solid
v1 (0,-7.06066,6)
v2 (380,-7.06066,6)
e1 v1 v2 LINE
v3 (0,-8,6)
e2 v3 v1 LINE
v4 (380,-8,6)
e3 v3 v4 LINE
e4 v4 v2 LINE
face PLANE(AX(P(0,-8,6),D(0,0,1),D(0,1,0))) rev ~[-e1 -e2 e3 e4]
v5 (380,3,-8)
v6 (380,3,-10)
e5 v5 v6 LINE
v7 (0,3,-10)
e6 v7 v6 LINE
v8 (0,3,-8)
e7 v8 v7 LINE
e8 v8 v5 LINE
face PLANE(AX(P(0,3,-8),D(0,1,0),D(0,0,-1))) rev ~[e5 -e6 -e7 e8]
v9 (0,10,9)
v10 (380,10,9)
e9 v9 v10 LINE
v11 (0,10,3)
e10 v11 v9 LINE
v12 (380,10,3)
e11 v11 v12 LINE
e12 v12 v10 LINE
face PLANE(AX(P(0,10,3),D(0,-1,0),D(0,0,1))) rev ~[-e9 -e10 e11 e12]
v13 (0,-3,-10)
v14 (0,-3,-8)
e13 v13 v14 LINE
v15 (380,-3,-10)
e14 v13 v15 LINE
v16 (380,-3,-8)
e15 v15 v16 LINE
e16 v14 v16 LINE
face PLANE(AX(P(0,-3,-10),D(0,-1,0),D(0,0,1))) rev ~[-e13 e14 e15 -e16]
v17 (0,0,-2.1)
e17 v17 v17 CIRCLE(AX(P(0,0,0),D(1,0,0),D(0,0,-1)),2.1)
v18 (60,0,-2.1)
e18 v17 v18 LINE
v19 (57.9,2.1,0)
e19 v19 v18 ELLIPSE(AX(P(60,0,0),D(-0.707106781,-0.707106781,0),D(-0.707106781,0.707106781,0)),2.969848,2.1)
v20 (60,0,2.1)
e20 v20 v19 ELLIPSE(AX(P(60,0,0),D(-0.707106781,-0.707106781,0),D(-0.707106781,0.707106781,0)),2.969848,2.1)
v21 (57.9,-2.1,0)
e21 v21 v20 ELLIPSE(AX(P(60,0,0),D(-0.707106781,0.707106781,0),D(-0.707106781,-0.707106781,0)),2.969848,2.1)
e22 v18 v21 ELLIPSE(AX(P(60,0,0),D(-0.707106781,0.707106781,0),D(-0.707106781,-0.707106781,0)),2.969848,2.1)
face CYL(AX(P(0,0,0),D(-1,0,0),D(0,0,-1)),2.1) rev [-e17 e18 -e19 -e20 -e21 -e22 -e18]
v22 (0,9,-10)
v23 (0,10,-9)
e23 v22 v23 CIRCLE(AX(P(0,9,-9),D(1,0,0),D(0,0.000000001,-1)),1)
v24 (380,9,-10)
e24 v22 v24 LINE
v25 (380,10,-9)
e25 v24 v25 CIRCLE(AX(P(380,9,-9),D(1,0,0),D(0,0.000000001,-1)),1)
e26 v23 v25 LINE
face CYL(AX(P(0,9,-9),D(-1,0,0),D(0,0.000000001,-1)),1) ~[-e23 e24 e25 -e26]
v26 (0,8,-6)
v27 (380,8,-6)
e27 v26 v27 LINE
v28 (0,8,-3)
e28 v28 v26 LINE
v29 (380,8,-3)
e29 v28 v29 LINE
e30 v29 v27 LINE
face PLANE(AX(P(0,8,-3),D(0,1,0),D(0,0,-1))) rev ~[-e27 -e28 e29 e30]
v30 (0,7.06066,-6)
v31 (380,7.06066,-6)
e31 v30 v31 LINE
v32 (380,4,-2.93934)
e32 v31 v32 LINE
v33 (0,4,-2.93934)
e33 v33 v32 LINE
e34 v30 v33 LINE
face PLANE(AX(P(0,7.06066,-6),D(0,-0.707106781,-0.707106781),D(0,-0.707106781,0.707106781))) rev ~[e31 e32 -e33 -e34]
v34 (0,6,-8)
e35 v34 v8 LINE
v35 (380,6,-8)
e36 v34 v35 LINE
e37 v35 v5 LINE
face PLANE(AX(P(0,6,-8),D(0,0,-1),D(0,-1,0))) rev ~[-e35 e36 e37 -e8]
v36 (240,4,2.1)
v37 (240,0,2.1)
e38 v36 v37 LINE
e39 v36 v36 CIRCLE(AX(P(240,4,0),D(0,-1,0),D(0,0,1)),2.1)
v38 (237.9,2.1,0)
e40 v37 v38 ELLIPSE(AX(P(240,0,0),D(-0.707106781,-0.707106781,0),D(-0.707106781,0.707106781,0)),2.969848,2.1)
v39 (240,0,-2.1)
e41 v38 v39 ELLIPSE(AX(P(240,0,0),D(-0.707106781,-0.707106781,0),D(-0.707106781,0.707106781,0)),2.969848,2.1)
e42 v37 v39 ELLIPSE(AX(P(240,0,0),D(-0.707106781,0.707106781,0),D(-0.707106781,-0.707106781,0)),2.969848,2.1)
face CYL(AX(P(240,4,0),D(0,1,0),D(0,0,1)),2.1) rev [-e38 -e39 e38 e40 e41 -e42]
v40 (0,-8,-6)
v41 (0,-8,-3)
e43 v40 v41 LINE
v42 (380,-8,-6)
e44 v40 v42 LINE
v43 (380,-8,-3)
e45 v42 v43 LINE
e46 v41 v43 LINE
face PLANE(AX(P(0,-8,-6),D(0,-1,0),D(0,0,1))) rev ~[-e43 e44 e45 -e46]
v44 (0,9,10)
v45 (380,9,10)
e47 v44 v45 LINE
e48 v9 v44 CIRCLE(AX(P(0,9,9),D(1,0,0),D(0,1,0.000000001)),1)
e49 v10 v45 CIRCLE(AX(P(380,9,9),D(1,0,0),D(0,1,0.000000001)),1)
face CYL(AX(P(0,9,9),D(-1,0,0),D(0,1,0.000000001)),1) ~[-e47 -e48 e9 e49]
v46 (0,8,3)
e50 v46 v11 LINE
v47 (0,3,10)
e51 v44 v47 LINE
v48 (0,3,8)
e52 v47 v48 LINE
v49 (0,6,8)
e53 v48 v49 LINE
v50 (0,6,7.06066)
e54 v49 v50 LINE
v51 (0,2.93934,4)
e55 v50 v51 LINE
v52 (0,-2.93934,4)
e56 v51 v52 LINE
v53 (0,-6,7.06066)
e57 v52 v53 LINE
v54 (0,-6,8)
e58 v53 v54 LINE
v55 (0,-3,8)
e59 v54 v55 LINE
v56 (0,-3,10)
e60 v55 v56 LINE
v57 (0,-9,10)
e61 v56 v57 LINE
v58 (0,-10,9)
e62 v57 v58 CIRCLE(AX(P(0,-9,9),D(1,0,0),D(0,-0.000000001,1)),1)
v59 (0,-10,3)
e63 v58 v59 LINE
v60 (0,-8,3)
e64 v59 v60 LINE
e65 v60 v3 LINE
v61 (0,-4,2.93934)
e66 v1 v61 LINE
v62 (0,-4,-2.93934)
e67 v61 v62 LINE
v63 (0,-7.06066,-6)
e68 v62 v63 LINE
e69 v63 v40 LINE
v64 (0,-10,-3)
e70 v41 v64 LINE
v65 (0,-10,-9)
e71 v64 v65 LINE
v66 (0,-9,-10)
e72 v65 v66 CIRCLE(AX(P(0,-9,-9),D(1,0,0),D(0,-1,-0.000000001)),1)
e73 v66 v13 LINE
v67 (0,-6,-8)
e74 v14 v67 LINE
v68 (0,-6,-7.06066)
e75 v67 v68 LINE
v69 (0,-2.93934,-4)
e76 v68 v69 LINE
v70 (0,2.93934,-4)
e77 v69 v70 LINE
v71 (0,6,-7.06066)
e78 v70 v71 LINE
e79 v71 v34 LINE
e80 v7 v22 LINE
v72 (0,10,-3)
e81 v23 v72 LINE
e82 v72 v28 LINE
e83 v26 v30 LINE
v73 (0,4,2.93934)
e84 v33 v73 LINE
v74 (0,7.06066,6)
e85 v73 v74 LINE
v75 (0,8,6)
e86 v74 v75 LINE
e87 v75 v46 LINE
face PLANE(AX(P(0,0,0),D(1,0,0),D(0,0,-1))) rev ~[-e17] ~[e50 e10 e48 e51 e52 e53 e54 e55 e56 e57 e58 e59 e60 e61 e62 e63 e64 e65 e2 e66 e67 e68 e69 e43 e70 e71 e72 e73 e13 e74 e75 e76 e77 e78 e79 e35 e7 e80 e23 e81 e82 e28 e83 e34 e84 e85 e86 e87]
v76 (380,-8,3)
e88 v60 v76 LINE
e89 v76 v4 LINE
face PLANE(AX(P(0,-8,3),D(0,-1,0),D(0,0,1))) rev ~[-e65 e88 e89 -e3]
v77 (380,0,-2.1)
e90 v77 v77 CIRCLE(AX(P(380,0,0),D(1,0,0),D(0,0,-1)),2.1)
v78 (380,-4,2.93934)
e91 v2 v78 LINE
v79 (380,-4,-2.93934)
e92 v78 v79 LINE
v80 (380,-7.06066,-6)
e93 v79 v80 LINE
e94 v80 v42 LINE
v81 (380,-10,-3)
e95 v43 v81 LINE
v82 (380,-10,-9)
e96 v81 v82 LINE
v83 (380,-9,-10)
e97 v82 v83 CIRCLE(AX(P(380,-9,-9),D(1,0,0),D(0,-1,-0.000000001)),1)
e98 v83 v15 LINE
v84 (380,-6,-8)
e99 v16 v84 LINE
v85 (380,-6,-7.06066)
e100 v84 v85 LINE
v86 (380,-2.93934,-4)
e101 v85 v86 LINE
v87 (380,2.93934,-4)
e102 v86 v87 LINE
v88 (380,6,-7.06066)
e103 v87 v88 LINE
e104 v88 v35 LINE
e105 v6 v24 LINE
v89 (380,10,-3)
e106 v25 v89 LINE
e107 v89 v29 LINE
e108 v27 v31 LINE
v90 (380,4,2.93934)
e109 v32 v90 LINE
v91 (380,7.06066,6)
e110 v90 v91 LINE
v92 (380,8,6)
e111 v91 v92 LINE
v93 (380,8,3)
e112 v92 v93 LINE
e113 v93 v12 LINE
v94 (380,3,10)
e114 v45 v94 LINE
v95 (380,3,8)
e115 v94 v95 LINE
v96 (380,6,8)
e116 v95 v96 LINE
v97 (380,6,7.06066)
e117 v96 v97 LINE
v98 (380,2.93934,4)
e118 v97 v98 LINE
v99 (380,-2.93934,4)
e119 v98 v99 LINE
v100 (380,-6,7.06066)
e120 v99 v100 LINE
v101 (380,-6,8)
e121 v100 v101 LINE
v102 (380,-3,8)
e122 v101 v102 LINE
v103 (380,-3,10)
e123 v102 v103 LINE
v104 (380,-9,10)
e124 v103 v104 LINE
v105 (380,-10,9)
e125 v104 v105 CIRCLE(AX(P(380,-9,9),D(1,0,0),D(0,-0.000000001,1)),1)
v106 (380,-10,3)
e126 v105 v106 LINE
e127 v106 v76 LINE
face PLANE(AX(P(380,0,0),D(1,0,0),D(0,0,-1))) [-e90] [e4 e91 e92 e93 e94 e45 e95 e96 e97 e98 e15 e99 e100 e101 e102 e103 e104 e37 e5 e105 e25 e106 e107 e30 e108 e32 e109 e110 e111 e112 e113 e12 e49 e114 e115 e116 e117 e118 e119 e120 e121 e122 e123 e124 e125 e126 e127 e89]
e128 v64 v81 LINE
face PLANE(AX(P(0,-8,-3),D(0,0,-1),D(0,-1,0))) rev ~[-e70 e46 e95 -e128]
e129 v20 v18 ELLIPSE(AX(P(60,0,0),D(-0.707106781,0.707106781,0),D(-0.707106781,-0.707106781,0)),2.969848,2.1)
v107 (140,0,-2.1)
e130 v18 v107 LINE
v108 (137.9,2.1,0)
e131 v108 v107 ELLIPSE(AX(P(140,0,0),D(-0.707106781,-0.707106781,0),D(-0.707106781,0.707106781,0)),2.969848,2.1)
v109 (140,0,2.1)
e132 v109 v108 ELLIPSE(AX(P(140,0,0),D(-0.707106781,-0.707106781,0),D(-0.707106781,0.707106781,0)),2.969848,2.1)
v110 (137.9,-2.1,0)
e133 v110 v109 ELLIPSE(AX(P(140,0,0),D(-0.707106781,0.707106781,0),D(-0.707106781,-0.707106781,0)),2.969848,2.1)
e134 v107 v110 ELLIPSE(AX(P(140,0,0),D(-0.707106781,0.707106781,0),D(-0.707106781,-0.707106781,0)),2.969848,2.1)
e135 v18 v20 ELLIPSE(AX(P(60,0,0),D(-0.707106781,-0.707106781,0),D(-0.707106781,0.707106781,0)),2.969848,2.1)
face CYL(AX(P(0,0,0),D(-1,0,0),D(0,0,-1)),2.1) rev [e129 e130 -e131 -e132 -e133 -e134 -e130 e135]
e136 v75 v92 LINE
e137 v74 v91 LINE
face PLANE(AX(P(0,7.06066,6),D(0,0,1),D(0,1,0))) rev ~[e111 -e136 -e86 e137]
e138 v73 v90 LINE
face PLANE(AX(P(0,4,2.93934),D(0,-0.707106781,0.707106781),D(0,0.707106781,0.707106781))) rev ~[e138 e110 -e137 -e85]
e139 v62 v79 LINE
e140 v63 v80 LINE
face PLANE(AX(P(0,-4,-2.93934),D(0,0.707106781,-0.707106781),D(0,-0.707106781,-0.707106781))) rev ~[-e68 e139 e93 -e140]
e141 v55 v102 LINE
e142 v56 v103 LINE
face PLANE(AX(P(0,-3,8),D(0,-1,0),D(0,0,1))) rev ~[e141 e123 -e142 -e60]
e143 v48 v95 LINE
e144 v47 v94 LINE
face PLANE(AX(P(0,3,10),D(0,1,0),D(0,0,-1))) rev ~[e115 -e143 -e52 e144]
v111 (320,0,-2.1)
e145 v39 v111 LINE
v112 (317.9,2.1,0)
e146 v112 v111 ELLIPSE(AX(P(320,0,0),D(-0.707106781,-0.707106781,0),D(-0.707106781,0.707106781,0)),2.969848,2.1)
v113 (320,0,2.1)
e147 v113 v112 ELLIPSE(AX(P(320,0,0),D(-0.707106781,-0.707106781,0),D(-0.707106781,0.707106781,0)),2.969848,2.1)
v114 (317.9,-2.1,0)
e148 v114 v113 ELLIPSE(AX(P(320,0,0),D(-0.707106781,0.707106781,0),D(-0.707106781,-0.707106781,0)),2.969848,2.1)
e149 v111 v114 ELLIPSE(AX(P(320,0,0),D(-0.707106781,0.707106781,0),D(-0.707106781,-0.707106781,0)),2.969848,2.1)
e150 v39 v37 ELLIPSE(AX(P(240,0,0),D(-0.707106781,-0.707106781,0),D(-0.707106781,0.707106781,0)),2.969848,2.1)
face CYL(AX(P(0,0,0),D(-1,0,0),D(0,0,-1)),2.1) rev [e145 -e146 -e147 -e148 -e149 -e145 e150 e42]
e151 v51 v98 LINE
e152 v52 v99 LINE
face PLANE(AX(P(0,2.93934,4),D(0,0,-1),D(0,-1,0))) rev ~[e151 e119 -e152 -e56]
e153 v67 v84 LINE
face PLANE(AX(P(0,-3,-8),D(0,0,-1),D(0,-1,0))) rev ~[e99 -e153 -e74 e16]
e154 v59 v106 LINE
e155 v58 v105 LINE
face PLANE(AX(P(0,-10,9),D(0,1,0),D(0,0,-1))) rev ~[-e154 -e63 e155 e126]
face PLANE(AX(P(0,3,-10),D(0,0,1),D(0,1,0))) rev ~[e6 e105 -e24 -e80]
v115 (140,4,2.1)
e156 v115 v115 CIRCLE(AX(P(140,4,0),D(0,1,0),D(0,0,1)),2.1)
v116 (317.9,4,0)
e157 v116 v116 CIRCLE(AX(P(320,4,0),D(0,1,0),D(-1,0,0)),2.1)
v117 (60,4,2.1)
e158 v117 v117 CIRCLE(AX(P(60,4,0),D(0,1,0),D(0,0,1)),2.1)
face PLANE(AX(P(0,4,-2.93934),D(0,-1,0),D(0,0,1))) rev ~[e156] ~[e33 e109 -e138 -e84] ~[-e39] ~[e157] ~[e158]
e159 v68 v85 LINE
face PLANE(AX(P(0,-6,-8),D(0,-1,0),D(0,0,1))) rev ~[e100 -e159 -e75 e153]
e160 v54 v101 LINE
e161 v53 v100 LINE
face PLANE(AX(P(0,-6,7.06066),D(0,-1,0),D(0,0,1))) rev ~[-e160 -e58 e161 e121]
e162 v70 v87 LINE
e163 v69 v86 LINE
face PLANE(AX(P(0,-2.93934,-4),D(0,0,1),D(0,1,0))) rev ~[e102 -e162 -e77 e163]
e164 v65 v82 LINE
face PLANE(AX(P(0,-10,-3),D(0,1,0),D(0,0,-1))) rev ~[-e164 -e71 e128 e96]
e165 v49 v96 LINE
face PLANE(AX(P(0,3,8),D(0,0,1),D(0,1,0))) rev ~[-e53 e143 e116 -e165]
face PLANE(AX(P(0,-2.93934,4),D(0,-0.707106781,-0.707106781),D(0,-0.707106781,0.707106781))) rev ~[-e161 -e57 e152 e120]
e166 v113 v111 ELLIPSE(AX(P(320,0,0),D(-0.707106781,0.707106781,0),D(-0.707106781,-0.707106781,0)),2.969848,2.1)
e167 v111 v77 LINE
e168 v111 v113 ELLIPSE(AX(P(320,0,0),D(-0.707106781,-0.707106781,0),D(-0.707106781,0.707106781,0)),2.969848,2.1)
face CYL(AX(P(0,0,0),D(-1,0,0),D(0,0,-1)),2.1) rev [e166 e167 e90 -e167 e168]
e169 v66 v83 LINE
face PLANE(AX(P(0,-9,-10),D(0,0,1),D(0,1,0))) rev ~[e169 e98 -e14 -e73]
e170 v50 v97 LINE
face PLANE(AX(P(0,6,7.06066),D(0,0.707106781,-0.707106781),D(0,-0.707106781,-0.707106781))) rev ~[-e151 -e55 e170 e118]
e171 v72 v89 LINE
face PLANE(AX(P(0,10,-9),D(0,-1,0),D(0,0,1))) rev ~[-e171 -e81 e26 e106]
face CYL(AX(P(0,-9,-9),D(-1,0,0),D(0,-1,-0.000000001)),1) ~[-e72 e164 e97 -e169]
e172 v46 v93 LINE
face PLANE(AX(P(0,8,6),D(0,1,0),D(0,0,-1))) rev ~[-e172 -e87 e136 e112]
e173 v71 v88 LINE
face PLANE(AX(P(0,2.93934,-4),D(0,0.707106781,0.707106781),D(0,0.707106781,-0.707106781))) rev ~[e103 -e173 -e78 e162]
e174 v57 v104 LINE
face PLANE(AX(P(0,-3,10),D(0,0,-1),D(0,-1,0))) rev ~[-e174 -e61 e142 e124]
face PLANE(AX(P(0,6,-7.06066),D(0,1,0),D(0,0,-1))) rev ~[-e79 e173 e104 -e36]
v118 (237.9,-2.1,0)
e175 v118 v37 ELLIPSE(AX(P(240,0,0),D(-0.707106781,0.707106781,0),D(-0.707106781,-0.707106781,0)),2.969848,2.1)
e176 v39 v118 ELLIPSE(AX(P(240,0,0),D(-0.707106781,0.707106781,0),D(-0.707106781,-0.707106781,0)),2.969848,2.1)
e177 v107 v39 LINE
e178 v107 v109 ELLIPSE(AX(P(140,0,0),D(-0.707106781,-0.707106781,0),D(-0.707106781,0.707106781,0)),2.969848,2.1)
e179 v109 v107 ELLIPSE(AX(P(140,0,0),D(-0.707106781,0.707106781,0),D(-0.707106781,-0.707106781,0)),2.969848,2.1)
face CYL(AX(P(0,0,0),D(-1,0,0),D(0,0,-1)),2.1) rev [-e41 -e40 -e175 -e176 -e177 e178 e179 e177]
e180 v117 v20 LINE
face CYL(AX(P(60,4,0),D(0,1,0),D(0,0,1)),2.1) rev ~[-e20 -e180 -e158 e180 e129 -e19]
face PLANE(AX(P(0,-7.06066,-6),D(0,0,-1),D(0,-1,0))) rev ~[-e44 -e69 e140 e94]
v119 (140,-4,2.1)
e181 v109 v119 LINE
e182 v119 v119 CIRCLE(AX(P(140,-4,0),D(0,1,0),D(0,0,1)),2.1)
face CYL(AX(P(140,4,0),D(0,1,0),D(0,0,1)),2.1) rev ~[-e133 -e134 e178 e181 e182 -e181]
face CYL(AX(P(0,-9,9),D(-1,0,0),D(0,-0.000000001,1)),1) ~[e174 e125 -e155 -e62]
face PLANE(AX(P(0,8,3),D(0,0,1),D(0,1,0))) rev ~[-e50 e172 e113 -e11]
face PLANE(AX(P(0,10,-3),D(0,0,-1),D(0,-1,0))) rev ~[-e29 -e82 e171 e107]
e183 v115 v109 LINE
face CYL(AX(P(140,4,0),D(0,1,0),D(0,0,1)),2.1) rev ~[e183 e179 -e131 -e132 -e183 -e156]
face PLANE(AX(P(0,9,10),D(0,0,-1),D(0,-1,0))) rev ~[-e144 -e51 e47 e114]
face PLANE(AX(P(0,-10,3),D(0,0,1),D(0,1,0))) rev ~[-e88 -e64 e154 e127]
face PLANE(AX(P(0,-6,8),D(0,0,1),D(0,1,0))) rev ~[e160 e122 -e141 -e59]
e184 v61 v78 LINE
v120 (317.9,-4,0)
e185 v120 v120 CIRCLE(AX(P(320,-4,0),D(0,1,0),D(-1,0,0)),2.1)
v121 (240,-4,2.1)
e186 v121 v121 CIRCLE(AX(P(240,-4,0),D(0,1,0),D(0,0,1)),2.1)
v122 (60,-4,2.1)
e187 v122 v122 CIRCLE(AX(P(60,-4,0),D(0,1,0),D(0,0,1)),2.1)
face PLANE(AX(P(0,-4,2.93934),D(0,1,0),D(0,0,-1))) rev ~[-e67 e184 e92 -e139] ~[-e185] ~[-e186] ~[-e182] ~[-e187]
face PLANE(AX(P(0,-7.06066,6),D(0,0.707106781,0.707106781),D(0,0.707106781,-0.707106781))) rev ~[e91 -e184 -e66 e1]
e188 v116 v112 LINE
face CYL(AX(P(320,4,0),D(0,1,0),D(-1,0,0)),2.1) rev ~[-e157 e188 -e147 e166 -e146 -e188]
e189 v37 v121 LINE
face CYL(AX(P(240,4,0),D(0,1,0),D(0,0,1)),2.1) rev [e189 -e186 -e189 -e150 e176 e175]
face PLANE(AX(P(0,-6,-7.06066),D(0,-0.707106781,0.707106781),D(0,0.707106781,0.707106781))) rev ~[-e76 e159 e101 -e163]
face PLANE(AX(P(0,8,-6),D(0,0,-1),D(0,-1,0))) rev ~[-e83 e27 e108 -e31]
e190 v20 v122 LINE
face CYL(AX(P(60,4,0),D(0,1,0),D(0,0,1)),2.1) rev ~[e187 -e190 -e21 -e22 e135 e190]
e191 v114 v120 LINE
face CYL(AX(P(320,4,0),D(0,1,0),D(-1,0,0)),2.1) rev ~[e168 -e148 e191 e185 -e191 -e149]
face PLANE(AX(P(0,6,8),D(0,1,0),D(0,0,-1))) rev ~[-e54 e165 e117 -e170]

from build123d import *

# Parameters (mm, degrees)
SKETCH1_R                = 2.1
BOSS_EXTRUDE1_DEPTH      = 380
SKETCH_1_R               = 2.1
CUT_EXTRUDE_1_DEPTH      = 381.389274297
PATTERN_LINEAR_1_COUNT   = 2
PATTERN_LINEAR_1_PITCH   = 80
MIRROR_2_COPY_1_SKETCH_R = 2.1
MIRROR_2_COPY_1_DEPTH    = 381.389274297
MIRROR_2_COPY_2_SKETCH_R = 2.1
MIRROR_2_COPY_2_DEPTH    = 381.389274297


with BuildPart() as part:
    # Sketch1 → Boss-Extrude1 (new body)
    with BuildSketch(Plane(origin=(0, 0, 0), x_dir=(0, 0, -1), z_dir=(1, 0, 0))):
        with BuildLine():
            Line((-10, 9), (-10, 3))
            Line((-10, 3), (-8, 3))
            Line((-8, 3), (-8, 6))
            Line((-8, 6), (-7.060660172, 6))
            Line((-7.060660172, 6), (-4, 2.939339828))
            Line((-4, 2.939339828), (-4, -2.939339828))
            Line((-4, -2.939339828), (-7.060660172, -6))
            Line((-7.060660172, -6), (-8, -6))
            Line((-8, -6), (-8, -3))
            Line((-8, -3), (-10, -3))
            Line((-10, -3), (-10, -9))
            ThreePointArc((-10, -9), (-9.707106781, -9.707106781), (-9, -10))
            Line((-9, -10), (-3, -10))
            Line((-3, -10), (-3, -8))
            Line((-3, -8), (-6, -8))
            Line((-6, -8), (-6, -7.060660172))
            Line((-6, -7.060660172), (-2.939339828, -4))
            Line((-2.939339828, -4), (2.939339828, -4))
            Line((2.939339828, -4), (6, -7.060660172))
            Line((6, -7.060660172), (6, -8))
            Line((6, -8), (3, -8))
            Line((3, -8), (3, -10))
            Line((3, -10), (9, -10))
            ThreePointArc((9, -10), (9.707106781, -9.707106781), (10, -9))
            Line((10, -9), (10, -3))
            Line((10, -3), (8, -3))
            Line((8, -3), (8, -6))
            Line((8, -6), (7.060660172, -6))
            Line((7.060660172, -6), (4, -2.939339828))
            Line((4, -2.939339828), (4, 2.939339828))
            Line((4, 2.939339828), (7.060660172, 6))
            Line((7.060660172, 6), (8, 6))
            Line((8, 6), (8, 3))
            Line((8, 3), (10, 3))
            Line((10, 3), (10, 9))
            ThreePointArc((10, 9), (9.707106781, 9.707106781), (9, 10))
            Line((9, 10), (3, 10))
            Line((3, 10), (3, 8))
            Line((3, 8), (6, 8))
            Line((6, 8), (6, 7.060660172))
            Line((6, 7.060660172), (2.939339828, 4))
            Line((2.939339828, 4), (-2.939339828, 4))
            Line((-2.939339828, 4), (-6, 7.060660172))
            Line((-6, 7.060660172), (-6, 8))
            Line((-6, 8), (-3, 8))
            Line((-3, 8), (-3, 10))
            Line((-3, 10), (-9, 10))
            ThreePointArc((-9, 10), (-9.707106781, 9.707106781), (-10, 9))
        make_face()
        Circle(SKETCH1_R, mode=Mode.SUBTRACT)
    extrude(amount=BOSS_EXTRUDE1_DEPTH)

    # 草图1 → 切除-拉伸1 (cut, through all)
    with BuildSketch(Plane(origin=(0, 4, 0), x_dir=(1, 0, 0), z_dir=(0, 1, 0))):
        with Locations((140, 0)):
            Circle(SKETCH_1_R)
    cut_extrude_1 = extrude(amount=-CUT_EXTRUDE_1_DEPTH, mode=Mode.SUBTRACT)

    # 阵列(线性)1: 切除-拉伸1 ×2
    with Locations(*[(-i * PATTERN_LINEAR_1_PITCH, 0, 0) for i in range(1, PATTERN_LINEAR_1_COUNT)]):
        add(cut_extrude_1, mode=Mode.SUBTRACT)

    # 镜向2 copy 1 sketch → 镜向2 copy 1 (cut, through all)
    with BuildSketch(Plane(origin=(460, 4, 0), x_dir=(-1, 0, 0), z_dir=(0, 1, 0))):
        with Locations((140, 0)):
            Circle(MIRROR_2_COPY_1_SKETCH_R)
    extrude(amount=-MIRROR_2_COPY_1_DEPTH, mode=Mode.SUBTRACT)

    # 镜向2 copy 2 sketch → 镜向2 copy 2 (cut, through all)
    with BuildSketch(Plane(origin=(380, 4, 0), x_dir=(-1, 0, 0), z_dir=(0, 1, 0))):
        with Locations((140, 0)):
            Circle(MIRROR_2_COPY_2_SKETCH_R)
    extrude(amount=-MIRROR_2_COPY_2_DEPTH, mode=Mode.SUBTRACT)


solid = part.part
